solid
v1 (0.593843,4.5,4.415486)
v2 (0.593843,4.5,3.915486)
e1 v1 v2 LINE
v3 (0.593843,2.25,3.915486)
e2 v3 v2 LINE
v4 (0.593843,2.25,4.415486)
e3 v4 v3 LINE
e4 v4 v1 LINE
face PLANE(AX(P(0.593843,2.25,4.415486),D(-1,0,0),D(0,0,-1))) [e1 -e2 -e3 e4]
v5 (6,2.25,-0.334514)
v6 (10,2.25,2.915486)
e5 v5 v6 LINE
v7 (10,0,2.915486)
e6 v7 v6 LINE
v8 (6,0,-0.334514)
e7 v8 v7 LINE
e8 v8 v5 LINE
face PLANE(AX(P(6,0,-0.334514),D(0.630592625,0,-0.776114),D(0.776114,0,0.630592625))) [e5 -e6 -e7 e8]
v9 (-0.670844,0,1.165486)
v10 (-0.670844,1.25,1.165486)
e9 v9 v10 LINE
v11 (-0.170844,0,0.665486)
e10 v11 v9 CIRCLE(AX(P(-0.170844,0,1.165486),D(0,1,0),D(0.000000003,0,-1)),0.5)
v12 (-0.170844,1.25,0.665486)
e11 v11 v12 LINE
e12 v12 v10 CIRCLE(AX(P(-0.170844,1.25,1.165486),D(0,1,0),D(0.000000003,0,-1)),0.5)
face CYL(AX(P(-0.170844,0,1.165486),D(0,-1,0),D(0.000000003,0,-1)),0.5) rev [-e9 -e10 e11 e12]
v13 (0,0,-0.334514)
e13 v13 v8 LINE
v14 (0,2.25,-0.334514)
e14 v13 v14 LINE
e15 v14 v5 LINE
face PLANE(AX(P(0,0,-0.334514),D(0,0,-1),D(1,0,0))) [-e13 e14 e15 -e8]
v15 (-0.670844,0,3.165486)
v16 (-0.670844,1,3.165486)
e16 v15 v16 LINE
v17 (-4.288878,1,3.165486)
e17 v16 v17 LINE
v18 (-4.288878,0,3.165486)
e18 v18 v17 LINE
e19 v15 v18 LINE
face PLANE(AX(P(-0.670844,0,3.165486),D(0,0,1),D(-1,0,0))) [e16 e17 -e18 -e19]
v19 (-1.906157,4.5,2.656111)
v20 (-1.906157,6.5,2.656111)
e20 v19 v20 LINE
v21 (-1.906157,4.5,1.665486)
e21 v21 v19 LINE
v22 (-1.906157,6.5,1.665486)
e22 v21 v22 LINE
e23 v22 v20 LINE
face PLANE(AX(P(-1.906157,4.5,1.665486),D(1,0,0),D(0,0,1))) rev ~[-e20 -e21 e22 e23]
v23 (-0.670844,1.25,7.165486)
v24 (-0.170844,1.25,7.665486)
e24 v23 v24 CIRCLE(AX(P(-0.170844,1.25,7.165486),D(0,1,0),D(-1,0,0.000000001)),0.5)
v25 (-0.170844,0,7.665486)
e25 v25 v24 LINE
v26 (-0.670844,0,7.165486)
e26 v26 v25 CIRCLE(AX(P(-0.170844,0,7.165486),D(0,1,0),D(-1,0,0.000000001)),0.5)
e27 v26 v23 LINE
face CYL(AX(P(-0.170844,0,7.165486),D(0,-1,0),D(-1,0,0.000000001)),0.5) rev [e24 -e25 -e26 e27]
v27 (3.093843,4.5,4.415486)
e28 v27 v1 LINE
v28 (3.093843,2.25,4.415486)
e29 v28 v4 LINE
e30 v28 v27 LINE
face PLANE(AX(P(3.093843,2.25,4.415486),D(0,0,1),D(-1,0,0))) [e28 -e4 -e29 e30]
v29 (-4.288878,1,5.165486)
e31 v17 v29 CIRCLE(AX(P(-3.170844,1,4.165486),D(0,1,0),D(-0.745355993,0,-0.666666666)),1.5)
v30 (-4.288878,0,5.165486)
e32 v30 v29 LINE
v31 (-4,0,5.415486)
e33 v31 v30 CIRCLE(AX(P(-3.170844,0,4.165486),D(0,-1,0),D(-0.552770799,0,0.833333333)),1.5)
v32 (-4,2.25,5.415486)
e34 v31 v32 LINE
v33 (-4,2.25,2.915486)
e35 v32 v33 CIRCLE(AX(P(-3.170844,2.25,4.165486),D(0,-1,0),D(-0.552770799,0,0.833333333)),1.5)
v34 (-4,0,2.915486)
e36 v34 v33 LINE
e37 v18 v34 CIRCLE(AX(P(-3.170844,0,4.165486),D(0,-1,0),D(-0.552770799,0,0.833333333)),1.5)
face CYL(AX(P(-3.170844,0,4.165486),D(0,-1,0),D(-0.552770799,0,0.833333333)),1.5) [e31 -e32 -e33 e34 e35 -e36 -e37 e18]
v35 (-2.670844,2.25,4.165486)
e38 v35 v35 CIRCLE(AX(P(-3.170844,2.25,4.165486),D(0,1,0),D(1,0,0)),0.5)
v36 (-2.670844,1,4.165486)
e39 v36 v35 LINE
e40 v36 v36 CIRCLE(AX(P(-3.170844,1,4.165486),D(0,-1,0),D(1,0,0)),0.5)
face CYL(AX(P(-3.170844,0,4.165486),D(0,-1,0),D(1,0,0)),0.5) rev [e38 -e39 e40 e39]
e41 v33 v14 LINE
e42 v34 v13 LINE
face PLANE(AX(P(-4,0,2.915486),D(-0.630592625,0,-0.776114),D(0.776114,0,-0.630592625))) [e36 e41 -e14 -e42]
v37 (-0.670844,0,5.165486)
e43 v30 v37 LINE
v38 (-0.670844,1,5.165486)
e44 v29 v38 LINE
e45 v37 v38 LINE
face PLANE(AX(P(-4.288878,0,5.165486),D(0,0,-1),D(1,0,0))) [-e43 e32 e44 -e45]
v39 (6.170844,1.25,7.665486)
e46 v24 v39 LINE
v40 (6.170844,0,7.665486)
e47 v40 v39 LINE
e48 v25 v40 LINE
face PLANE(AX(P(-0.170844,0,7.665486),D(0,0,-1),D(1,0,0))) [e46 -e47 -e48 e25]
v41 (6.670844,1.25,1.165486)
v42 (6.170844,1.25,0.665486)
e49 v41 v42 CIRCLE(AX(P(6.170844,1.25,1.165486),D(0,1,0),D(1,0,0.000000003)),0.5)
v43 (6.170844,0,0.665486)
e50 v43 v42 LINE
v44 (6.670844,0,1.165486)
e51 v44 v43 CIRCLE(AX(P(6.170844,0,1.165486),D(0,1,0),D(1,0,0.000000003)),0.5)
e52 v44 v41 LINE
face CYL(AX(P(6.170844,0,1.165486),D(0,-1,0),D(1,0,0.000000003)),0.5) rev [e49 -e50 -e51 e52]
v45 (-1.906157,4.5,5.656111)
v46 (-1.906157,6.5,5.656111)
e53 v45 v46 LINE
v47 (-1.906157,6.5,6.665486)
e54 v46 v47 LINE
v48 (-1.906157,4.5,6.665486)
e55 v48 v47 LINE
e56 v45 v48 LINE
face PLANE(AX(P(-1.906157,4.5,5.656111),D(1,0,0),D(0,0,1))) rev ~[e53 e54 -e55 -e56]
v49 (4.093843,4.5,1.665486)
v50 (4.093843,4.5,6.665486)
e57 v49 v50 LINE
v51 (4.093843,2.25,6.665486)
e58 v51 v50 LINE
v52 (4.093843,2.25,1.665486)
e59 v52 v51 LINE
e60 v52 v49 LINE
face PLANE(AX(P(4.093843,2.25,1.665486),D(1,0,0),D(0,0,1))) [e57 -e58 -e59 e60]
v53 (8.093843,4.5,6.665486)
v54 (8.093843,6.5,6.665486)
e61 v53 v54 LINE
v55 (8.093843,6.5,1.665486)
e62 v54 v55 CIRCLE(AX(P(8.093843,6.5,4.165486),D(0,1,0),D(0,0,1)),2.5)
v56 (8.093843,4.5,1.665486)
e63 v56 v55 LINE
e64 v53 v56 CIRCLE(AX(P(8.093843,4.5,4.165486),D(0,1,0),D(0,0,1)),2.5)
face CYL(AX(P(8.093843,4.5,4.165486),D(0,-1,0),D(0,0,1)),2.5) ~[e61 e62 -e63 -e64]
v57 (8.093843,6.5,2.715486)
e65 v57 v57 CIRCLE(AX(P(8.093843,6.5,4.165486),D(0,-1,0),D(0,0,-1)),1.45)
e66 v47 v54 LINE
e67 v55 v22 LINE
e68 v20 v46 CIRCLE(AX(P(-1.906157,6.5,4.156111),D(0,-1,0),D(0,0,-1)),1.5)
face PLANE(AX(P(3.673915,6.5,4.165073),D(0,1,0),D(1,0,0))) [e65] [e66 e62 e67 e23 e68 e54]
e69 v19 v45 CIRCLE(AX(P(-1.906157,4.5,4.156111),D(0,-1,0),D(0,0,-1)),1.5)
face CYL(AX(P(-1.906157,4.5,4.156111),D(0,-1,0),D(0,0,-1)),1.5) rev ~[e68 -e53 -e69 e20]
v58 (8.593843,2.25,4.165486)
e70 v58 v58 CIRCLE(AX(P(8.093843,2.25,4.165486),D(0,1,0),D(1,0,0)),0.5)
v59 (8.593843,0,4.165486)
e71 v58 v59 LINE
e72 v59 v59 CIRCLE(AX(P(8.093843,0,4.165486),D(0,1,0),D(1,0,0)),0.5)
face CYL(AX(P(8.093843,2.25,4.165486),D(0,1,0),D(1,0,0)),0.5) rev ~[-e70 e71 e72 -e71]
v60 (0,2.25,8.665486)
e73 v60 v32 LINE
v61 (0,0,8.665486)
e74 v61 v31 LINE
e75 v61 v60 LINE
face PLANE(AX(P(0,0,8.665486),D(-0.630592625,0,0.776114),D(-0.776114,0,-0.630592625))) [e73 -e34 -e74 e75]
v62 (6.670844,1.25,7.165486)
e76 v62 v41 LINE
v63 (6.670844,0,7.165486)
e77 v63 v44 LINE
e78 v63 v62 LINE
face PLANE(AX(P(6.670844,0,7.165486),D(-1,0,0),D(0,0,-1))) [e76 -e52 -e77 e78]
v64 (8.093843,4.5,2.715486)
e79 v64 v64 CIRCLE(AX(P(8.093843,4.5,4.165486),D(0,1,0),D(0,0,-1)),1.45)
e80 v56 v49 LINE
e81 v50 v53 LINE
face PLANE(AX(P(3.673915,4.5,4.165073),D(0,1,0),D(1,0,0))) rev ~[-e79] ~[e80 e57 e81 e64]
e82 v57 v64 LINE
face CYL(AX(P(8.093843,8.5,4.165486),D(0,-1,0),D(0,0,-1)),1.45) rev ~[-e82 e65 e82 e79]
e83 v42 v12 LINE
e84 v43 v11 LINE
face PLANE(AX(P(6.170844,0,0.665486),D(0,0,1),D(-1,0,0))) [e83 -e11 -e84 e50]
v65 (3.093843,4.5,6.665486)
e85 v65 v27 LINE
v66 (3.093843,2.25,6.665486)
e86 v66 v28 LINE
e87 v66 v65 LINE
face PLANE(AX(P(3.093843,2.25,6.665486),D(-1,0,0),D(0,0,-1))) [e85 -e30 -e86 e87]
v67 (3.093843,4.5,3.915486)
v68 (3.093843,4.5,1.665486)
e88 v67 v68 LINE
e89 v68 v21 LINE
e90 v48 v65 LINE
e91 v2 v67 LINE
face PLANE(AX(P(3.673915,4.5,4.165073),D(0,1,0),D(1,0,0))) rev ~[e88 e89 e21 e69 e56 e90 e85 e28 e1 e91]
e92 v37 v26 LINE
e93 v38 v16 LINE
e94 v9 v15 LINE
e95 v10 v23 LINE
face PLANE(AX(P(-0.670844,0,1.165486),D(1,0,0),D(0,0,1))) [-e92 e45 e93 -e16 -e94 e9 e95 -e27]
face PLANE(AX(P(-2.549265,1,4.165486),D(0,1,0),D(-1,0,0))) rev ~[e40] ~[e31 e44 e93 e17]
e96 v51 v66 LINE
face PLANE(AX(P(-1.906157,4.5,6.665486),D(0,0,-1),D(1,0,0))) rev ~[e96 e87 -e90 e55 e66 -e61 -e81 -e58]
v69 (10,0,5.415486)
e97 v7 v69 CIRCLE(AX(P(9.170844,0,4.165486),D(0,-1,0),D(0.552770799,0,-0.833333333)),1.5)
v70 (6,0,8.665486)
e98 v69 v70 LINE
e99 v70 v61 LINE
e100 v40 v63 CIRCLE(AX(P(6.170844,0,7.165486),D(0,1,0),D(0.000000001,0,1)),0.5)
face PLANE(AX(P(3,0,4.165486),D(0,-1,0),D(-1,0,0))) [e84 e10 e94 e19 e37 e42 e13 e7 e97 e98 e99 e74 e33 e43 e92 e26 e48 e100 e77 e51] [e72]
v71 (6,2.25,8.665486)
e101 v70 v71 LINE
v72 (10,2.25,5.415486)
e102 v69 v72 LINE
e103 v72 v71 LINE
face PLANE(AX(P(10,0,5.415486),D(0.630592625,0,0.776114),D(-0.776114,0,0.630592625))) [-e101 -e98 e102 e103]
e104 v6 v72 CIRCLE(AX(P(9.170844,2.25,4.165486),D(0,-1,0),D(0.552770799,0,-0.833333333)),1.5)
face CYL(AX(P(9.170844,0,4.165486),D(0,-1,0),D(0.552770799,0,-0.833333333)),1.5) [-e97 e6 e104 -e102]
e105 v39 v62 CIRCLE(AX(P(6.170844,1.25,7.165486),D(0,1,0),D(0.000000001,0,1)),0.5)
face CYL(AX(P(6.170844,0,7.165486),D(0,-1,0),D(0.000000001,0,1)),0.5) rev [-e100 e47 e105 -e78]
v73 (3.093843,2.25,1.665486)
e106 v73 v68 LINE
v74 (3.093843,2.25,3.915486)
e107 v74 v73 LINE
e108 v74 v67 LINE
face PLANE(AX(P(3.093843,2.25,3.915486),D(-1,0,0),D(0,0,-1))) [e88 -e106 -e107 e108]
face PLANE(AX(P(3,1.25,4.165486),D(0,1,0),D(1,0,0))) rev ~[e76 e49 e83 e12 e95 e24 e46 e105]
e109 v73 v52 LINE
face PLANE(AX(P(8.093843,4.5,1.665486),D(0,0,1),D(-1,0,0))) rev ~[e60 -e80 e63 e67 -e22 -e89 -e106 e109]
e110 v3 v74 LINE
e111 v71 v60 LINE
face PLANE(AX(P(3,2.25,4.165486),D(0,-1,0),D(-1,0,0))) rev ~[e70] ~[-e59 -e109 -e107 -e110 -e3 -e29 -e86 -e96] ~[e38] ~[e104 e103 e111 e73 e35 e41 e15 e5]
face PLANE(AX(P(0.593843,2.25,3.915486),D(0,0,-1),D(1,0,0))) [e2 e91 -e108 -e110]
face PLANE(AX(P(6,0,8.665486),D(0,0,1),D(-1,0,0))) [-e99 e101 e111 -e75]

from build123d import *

# Parameters (mm, degrees)
SKETCH1_R               = 0.5
BOSS_EXTRUDE1_DEPTH     = 2.25
CUT_EXTRUDE3_DEPTH      = 1
CUT_EXTRUDE4_DEPTH      = 1.25
BOSS_EXTRUDE2_DEPTH     = 2.25
SKETCH7_R               = 1
BOSS_EXTRUDE3_DEPTH     = 2
SKETCH8_R               = 0.5
CUT_EXTRUDE5_DEPTH      = 3
M3_5_TAPPED_HOLE1_D     = 2.9
M3_5_TAPPED_HOLE1_DEPTH = 2
M3_5_TAPPED_HOLE1_TIP   = 0.871247898


with BuildPart() as part:
    # Sketch1 → Boss-Extrude1 (new body)
    with BuildSketch(Plane(origin=(0, 0, -0.343889451), x_dir=(1, 0, 0), z_dir=(0, 1, 0))):
        with BuildLine():
            Line((0, -0.009375659), (6, -0.009375659))
            Line((6, -0.009375659), (10, -3.259375659))
            ThreePointArc((10, -3.259375659), (10.670843802, -4.509375659), (10, -5.759375659))
            Line((10, -5.759375659), (6, -9.009375659))
            Line((6, -9.009375659), (0, -9.009375659))
            Line((0, -9.009375659), (-4, -5.759375659))
            ThreePointArc((-4, -5.759375659), (-4.670843802, -4.509375659), (-4, -3.259375659))
            Line((-4, -3.259375659), (0, -0.009375659))
        make_face()
        with Locations((-3.170843802, -4.509375659)):
            Circle(SKETCH1_R, mode=Mode.SUBTRACT)
    extrude(amount=BOSS_EXTRUDE1_DEPTH)

    # Sketch4 → Cut-Extrude3 (cut)
    with BuildSketch(Plane.XZ):
        with BuildLine():
            Line((-4.288877791, 5.165486209), (-0.670843802, 5.165486209))
            Line((-0.670843802, 5.165486209), (-0.670843802, 3.165486209))
            Line((-0.670843802, 3.165486209), (-4.288877791, 3.165486209))
            ThreePointArc((-4.288877791, 3.165486209), (-4.670843802, 4.165486209), (-4.288877791, 5.165486209))
        make_face()
    extrude(amount=-CUT_EXTRUDE3_DEPTH, mode=Mode.SUBTRACT)

    # Sketch5 → Cut-Extrude4 (cut)
    with BuildSketch(Plane(origin=(0, 0, 0), x_dir=(-1, 0, 0), z_dir=(0, -1, 0))):
        with BuildLine():
            Line((0.170843802, -7.665486209), (-6.170843802, -7.665486209))
            ThreePointArc((-6.170843802, -7.665486209), (-6.524397193, -7.519039599), (-6.670843802, -7.165486209))
            Line((-6.670843802, -7.165486209), (-6.670843802, -1.165486209))
            ThreePointArc((-6.670843802, -1.165486209), (-6.524397193, -0.811932818), (-6.170843802, -0.665486209))
            Line((-6.170843802, -0.665486209), (0.170843802, -0.665486209))
            ThreePointArc((0.170843802, -0.665486209), (0.524397193, -0.811932818), (0.670843802, -1.165486209))
            Line((0.670843802, -1.165486209), (0.670843802, -7.165486209))
            ThreePointArc((0.670843802, -7.165486209), (0.524397193, -7.519039599), (0.170843802, -7.665486209))
        make_face()
    extrude(amount=-CUT_EXTRUDE4_DEPTH, mode=Mode.SUBTRACT)

    # Sketch6 → Boss-Extrude2 (add)
    with BuildSketch(Plane(origin=(0, 2.25, 0), x_dir=(1, 0, 0), z_dir=(0, 1, 0))):
        Polygon((0.593843358, -3.915486209), (3.093843358, -3.915486209), (3.093843358, -1.665486209), (4.093843358, -1.665486209), (4.093843358, -6.665486209), (3.093843358, -6.665486209), (3.093843358, -4.415486209), (0.593843358, -4.415486209), align=None)
    extrude(amount=BOSS_EXTRUDE2_DEPTH)

    # Sketch7 → Boss-Extrude3 (add)
    with BuildSketch(Plane(origin=(0, 4.5, 0), x_dir=(1, 0, 0), z_dir=(0, 1, 0))):
        with BuildLine():
            Line((-1.906156642, -1.665486209), (-1.906156642, -2.656110549))
            ThreePointArc((-1.906156642, -2.656110549), (-0.406156642, -4.156110549), (-1.906156642, -5.656110549))
            Line((-1.906156642, -5.656110549), (-1.906156642, -6.665486209))
            Line((-1.906156642, -6.665486209), (8.093843358, -6.665486209))
            ThreePointArc((8.093843358, -6.665486209), (10.593843358, -4.165486209), (8.093843358, -1.665486209))
            Line((8.093843358, -1.665486209), (-1.906156642, -1.665486209))
        make_face()
        with Locations((8.093843358, -4.165486209)):
            Circle(SKETCH7_R, mode=Mode.SUBTRACT)
    extrude(amount=BOSS_EXTRUDE3_DEPTH)

    # Sketch8 → Cut-Extrude5 (cut)
    with BuildSketch(Plane(origin=(0, 2.25, 0), x_dir=(1, 0, 0), z_dir=(0, 1, 0))):
        with Locations((8.093843358, -4.165486209)):
            Circle(SKETCH8_R)
    extrude(amount=-CUT_EXTRUDE5_DEPTH, mode=Mode.SUBTRACT)

    # M3.5 Tapped Hole1
    with Locations(Plane(origin=(8.093843358, 6.5, 4.165486209), x_dir=(0, 0, 1), z_dir=(0, 1, 0))):
        with Locations((0, 0)):
            Hole(M3_5_TAPPED_HOLE1_D / 2, depth=M3_5_TAPPED_HOLE1_DEPTH)
            with Locations((0, 0, -(M3_5_TAPPED_HOLE1_DEPTH + M3_5_TAPPED_HOLE1_TIP / 2))):  # 118° drill point
                Cone(0, M3_5_TAPPED_HOLE1_D / 2, M3_5_TAPPED_HOLE1_TIP, mode=Mode.SUBTRACT)


solid = part.part
